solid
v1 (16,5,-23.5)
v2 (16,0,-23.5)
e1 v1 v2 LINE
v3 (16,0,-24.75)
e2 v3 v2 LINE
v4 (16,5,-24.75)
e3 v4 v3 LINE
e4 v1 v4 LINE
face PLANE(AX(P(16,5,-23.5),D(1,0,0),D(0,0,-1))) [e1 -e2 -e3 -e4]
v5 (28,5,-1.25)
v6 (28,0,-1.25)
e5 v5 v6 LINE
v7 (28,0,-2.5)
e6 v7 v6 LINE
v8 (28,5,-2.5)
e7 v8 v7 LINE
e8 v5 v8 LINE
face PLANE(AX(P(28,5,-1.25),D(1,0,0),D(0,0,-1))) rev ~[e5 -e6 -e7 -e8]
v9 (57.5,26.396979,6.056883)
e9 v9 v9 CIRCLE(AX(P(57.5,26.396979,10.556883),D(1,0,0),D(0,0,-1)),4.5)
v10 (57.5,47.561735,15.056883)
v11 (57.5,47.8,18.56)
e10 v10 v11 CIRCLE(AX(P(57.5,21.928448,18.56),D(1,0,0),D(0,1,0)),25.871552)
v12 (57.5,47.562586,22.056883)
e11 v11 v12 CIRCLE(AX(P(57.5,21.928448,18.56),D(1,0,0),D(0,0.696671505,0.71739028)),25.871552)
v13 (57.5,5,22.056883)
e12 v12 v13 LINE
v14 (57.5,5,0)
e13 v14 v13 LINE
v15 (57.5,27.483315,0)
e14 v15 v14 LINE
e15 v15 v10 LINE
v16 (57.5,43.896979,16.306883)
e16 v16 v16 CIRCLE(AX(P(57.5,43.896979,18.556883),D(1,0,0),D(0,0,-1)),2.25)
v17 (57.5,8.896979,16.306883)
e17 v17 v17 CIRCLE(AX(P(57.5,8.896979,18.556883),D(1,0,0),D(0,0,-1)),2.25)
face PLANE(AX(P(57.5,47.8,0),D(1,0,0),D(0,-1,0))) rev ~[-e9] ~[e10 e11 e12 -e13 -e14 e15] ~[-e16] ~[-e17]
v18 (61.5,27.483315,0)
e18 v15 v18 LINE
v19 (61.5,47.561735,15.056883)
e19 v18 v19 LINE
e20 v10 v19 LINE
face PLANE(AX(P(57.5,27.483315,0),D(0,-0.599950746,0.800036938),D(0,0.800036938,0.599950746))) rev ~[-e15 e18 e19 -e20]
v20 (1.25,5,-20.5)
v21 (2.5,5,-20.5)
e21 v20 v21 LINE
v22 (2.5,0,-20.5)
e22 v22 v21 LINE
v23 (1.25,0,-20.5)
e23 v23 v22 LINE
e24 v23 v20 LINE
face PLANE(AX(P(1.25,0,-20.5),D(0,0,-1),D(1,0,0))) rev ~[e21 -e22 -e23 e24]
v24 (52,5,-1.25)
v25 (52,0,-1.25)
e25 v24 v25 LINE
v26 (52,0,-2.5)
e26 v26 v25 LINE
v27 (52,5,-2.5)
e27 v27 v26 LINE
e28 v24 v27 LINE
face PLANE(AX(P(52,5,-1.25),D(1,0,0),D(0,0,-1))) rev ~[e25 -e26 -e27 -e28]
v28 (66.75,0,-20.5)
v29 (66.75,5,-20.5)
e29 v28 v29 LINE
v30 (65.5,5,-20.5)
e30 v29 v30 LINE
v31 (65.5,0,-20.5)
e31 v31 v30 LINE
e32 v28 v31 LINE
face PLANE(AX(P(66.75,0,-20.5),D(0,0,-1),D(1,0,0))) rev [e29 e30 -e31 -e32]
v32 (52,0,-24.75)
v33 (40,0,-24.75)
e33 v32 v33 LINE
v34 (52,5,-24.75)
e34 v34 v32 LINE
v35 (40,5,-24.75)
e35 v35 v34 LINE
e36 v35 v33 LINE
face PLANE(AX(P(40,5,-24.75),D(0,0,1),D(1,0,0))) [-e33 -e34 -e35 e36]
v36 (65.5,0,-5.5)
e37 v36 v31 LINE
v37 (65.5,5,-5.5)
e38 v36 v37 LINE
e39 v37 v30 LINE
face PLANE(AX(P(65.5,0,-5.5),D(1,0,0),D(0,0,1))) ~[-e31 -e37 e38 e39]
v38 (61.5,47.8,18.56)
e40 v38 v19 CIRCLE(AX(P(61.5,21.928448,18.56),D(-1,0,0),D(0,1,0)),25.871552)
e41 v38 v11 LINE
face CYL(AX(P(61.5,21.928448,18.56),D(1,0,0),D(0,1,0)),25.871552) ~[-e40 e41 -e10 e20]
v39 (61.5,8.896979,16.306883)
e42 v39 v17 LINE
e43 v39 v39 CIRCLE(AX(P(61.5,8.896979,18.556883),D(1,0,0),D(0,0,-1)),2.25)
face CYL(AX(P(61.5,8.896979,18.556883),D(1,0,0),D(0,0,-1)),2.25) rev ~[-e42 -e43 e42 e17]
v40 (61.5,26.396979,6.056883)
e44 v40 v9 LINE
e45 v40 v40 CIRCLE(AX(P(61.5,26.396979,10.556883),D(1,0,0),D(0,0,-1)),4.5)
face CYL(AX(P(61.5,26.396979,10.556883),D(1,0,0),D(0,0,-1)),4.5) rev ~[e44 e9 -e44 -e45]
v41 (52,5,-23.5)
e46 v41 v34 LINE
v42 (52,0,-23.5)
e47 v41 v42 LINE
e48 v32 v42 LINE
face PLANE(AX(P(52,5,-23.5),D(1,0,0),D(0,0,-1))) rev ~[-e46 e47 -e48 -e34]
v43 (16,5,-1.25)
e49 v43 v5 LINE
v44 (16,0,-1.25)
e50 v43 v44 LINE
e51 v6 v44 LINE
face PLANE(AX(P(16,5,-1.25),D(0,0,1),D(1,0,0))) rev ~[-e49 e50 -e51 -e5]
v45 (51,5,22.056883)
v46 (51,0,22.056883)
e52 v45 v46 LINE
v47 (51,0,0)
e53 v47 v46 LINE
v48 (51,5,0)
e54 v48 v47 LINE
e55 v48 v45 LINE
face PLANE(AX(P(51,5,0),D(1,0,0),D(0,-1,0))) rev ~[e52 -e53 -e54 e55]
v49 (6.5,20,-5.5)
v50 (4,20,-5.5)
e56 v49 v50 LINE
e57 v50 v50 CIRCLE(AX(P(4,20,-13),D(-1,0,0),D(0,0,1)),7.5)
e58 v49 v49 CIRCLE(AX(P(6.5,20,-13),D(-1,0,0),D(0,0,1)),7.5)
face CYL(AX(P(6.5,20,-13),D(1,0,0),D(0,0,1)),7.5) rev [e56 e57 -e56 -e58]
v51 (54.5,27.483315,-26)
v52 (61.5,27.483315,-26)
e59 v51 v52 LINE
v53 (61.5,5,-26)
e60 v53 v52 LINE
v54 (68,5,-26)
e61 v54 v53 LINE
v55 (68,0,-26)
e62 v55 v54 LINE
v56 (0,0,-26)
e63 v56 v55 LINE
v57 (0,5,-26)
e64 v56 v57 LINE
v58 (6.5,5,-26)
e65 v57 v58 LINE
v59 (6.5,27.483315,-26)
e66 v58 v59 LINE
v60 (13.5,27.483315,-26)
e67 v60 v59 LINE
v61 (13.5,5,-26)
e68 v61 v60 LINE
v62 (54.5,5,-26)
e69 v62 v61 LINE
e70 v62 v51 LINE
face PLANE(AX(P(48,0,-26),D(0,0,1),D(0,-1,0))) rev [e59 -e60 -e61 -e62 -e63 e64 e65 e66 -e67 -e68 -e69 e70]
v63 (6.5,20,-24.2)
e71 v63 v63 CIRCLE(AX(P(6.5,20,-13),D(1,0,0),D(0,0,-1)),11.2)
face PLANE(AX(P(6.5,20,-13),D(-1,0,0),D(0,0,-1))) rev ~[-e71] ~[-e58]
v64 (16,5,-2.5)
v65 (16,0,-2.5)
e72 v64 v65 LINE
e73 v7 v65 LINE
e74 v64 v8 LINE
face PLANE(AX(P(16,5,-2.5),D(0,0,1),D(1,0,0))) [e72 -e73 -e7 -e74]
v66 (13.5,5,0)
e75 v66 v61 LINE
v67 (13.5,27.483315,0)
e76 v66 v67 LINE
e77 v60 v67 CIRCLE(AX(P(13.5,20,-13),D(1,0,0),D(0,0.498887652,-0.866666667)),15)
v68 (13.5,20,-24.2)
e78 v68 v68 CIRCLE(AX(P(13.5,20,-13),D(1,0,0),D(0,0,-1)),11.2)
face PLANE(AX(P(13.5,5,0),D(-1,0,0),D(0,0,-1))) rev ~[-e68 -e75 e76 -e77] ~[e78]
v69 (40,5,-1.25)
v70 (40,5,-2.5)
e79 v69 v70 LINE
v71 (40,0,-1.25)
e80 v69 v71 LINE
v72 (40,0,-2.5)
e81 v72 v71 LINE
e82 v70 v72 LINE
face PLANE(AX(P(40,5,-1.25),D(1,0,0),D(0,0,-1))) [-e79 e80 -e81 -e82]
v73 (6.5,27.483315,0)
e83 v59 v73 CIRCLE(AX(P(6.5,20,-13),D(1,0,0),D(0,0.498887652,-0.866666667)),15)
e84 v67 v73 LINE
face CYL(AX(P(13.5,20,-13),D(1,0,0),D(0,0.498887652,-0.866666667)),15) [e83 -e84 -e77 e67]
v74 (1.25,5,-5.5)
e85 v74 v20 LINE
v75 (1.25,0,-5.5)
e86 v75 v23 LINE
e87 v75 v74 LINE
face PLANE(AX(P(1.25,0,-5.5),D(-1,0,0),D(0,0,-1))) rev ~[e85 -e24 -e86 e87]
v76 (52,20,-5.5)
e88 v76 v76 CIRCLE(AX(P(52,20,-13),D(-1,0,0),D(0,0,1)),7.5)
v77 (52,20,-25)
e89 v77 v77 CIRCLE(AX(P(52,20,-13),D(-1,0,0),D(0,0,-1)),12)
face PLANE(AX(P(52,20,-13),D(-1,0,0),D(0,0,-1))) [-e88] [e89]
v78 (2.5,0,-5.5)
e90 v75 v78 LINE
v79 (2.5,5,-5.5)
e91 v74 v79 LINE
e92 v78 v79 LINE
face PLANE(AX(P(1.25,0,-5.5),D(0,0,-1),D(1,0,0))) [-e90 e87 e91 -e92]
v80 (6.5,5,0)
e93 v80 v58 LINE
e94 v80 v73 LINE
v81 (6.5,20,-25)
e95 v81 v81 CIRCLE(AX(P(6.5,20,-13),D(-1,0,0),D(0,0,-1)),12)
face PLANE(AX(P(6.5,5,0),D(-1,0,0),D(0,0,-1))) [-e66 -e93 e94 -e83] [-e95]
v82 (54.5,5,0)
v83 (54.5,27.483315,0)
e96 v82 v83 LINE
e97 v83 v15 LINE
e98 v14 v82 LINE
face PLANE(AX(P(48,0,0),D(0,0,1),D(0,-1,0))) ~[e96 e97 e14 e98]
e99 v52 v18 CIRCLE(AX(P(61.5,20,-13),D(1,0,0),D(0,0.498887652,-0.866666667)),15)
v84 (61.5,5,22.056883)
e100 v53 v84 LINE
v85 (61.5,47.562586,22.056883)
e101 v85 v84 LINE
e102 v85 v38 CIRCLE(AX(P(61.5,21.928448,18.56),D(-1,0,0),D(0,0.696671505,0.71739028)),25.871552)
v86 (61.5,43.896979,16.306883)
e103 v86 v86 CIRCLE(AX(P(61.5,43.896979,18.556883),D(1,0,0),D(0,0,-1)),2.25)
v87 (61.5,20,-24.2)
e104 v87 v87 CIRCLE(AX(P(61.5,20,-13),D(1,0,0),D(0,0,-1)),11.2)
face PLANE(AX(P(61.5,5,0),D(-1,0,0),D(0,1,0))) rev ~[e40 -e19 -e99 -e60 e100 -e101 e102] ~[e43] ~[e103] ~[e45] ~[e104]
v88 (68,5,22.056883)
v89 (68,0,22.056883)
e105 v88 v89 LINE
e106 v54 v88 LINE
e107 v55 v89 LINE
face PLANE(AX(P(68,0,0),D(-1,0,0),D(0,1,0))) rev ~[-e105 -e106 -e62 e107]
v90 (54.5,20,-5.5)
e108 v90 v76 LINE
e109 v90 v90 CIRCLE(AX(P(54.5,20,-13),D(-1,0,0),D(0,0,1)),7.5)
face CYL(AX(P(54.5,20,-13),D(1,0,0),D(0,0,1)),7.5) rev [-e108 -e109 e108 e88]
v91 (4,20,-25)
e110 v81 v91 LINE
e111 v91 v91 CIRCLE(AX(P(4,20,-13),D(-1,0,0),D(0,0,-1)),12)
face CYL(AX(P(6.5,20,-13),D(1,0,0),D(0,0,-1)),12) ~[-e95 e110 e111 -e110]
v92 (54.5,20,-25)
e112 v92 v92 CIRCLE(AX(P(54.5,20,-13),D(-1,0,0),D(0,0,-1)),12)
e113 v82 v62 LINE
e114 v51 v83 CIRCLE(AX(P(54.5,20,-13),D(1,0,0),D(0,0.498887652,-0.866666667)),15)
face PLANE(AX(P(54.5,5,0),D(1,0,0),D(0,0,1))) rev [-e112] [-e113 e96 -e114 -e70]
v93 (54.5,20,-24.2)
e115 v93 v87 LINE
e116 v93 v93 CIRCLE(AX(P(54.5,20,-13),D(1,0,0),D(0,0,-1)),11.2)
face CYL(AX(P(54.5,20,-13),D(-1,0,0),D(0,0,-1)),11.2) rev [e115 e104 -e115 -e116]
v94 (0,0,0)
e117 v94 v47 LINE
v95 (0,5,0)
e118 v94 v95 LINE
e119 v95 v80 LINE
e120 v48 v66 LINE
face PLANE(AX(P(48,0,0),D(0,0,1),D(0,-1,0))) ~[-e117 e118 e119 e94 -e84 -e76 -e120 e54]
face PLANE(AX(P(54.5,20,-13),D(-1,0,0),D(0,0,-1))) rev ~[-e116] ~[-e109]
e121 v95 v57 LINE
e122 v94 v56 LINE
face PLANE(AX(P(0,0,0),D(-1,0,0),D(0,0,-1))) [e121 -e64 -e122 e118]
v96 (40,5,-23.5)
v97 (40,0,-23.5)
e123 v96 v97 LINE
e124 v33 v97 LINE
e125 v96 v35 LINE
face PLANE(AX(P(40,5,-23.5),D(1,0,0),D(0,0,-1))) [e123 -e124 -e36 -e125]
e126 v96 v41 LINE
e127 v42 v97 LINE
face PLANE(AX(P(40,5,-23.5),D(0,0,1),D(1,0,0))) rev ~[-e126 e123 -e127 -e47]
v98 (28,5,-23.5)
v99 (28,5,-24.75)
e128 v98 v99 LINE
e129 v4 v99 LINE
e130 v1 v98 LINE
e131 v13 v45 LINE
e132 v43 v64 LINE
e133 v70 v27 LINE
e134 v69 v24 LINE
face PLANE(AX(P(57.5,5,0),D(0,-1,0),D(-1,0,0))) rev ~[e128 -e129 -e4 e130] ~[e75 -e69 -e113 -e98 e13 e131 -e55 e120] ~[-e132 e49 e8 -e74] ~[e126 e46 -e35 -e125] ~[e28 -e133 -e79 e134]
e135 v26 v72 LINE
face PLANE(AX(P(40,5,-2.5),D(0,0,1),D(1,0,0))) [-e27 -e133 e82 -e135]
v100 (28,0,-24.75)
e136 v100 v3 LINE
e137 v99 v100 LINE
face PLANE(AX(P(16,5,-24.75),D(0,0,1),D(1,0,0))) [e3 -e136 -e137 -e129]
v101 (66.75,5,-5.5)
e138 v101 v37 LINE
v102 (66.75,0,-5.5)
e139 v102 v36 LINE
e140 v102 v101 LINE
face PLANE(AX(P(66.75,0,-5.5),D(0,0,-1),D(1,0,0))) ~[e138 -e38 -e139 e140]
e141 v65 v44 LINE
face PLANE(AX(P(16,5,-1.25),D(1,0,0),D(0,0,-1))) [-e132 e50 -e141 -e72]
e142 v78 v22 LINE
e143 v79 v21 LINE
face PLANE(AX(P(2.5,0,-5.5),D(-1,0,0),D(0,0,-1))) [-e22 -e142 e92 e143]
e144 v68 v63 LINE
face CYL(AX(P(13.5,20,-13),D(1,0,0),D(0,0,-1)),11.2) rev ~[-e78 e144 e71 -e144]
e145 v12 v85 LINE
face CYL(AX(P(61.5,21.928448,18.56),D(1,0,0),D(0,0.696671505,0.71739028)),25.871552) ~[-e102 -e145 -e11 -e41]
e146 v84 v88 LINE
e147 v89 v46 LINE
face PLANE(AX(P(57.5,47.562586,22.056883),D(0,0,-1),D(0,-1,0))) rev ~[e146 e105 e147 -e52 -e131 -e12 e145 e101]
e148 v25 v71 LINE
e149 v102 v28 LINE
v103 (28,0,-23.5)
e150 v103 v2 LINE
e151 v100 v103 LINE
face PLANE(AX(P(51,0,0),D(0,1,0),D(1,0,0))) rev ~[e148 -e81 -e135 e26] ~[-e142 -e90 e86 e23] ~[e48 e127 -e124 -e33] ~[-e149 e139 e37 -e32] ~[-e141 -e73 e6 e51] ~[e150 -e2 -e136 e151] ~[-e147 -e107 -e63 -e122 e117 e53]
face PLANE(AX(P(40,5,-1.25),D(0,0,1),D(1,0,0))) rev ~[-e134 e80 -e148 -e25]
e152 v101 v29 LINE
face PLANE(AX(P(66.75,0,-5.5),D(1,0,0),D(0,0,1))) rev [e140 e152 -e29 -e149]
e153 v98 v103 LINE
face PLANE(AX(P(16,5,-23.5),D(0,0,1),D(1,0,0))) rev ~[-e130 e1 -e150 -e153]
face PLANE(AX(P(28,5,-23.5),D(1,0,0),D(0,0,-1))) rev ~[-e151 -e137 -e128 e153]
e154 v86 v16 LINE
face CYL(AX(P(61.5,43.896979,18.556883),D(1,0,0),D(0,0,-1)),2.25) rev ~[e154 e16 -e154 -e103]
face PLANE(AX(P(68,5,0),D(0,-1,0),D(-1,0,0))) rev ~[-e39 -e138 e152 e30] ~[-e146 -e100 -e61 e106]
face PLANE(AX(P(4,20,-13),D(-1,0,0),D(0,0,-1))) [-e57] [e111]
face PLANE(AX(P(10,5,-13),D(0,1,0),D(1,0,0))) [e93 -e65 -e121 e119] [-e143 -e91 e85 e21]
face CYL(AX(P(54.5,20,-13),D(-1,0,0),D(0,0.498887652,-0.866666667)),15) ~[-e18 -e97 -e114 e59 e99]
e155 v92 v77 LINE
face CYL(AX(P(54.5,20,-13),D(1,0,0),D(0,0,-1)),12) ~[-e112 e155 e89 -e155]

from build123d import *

# Parameters (mm, degrees)
SKETCH1_W                      = 20
SKETCH1_H                      = 26
SKETCH1_W_2                    = 1.25
SKETCH1_H_2                    = 15
BOSS_EXTRUDE5_DEPTH            = 5
SKETCH3_W                      = 7
SKETCH3_H                      = 26
BOSS_EXTRUDE6_DEPTH            = 40
CUT_EXTRUDE1_REACH             = 55.696
SKETCH5_R                      = 11.2
SKETCH6_W                      = 26
SKETCH6_H                      = 5
BOSS_EXTRUDE8_DEPTH            = 14
SKETCH8_R                      = 12
SKETCH8_R_2                    = 7.5
BOSS_EXTRUDE9_DEPTH            = 2.5
SKETCH9_R                      = 12
SKETCH9_R_2                    = 7.5
BOSS_EXTRUDE10_DEPTH           = 2.5
SKETCH7_W                      = 12
SKETCH7_H                      = 1.25
CUT_EXTRUDE2_DEPTH             = 10
BOSS_EXTRUDE11_DEPTH           = 37.12
SKETCH14_R                     = 2.25
SKETCH14_R_2                   = 4.5
CUT_EXTRUDE4_DEPTH             = 10
CUT_EXTRUDE5_REACH             = 85.48
CUT_EXTRUDE5_DIRECTION_2_REACH = 85.48


with BuildPart() as part:
    # Sketch1 → Boss-Extrude5 (new body)
    with BuildSketch(Plane(origin=(0, 0, 0), x_dir=(1, 0, 0), z_dir=(0, 1, 0))):
        with Locations((10, 13)):
            Rectangle(SKETCH1_W, SKETCH1_H)
        with Locations((1.875, 13)):
            Rectangle(SKETCH1_W_2, SKETCH1_H_2, mode=Mode.SUBTRACT)
    boss_extrude5 = extrude(amount=BOSS_EXTRUDE5_DEPTH)

    # Sketch3 → Boss-Extrude6 (add)
    with BuildSketch(Plane(origin=(0, 5, 0), x_dir=(1, 0, 0), z_dir=(0, 1, 0))):
        with Locations((10, 13)):
            Rectangle(SKETCH3_W, SKETCH3_H)
    boss_extrude6 = extrude(amount=BOSS_EXTRUDE6_DEPTH)

    # Sketch5 → Cut-Extrude1 (cut, up to next)
    with BuildSketch(Plane(origin=(13.5, 0, 0), x_dir=(0, 0, -1), z_dir=(1, 0, 0)), mode=Mode.PRIVATE) as cut_extrude1_sk1:
        with Locations((13, 20)):
            Circle(SKETCH5_R)
    cut_extrude1_tool1 = extrude(cut_extrude1_sk1.sketch, amount=-CUT_EXTRUDE1_REACH, mode=Mode.PRIVATE) & part.part
    # Sketch5 → Cut-Extrude1 (cut, up to next)
    with BuildSketch(Plane(origin=(13.5, 0, 0), x_dir=(0, 0, -1), z_dir=(1, 0, 0)), mode=Mode.PRIVATE) as cut_extrude1_sk2:
        with BuildLine():
            Line((0, 27.483314774), (0, 45))
            Line((0, 45), (26, 45))
            Line((26, 45), (26, 27.483314774))
            ThreePointArc((26, 27.483314774), (13, 35), (0, 27.483314774))
        make_face()
    cut_extrude1_tool2 = extrude(cut_extrude1_sk2.sketch, amount=-CUT_EXTRUDE1_REACH, mode=Mode.PRIVATE) & part.part
    cut_extrude1_1 = cut_extrude1_tool1.solids().sort_by_distance((13.5, 20, -13))[0]
    add(cut_extrude1_1, mode=Mode.SUBTRACT)
    cut_extrude1_2 = cut_extrude1_tool2.solids().sort_by_distance((13.5, 38.725293, -13))[0]
    add(cut_extrude1_2, mode=Mode.SUBTRACT)
    cut_extrude1 = cut_extrude1_1 + cut_extrude1_2  # Cut-Extrude1 as one shape, for the pattern or mirror that repeats it

    # Sketch6 → Boss-Extrude8 (add)
    with BuildSketch(Plane(origin=(20, 0, 0), x_dir=(0, 0, -1), z_dir=(1, 0, 0))):
        with Locations((13, 2.5)):
            Rectangle(SKETCH6_W, SKETCH6_H)
    boss_extrude8 = extrude(amount=BOSS_EXTRUDE8_DEPTH)

    # Mirror5: Boss-Extrude5, Boss-Extrude6, Cut-Extrude1, Boss-Extrude8 across plane
    add(boss_extrude5.mirror(Plane.ZY.offset(-34)))
    add(boss_extrude6.mirror(Plane.ZY.offset(-34)))
    add(cut_extrude1.mirror(Plane.ZY.offset(-34)), mode=Mode.SUBTRACT)
    add(boss_extrude8.mirror(Plane.ZY.offset(-34)))

    # Sketch8 → Boss-Extrude9 (add)
    with BuildSketch(Plane.ZY.offset(-6.5)):
        with Locations(Location((-13, 20, 0), (0, 0, 180))):
            Circle(SKETCH8_R)
        with Locations((-13, 20)):
            Circle(SKETCH8_R_2, mode=Mode.SUBTRACT)
    extrude(amount=BOSS_EXTRUDE9_DEPTH)

    # Sketch9 → Boss-Extrude10 (add)
    with BuildSketch(Plane.ZY.offset(-54.5)):
        with Locations(Location((-13, 20, 0), (0, 0, 180))):
            Circle(SKETCH9_R)
        with Locations((-13, 20)):
            Circle(SKETCH9_R_2, mode=Mode.SUBTRACT)
    extrude(amount=BOSS_EXTRUDE10_DEPTH)

    # Sketch7 → Cut-Extrude2 (cut)
    with BuildSketch(Plane(origin=(0, 5, 0), x_dir=(1, 0, 0), z_dir=(0, 1, 0))):
        with Locations((22, 1.875)):
            Rectangle(SKETCH7_W, SKETCH7_H)
        with Locations((46, 1.875)):
            Rectangle(SKETCH7_W, SKETCH7_H)
        with Locations((46, 24.125)):
            Rectangle(SKETCH7_W, SKETCH7_H)
        with Locations((22, 24.125)):
            Rectangle(SKETCH7_W, SKETCH7_H)
    extrude(amount=-CUT_EXTRUDE2_DEPTH, mode=Mode.SUBTRACT)

    # Sketch10 → Boss-Extrude11 (add)
    with BuildSketch(Plane.XY):
        Polygon((51, 0), (68, 0), (68, 5), (61.5, 5), (61.5, 47.8), (57.5, 47.8), (57.5, 5), (51, 5), align=None)
    extrude(amount=BOSS_EXTRUDE11_DEPTH)

    # Sketch14 → Cut-Extrude4 (cut)
    with BuildSketch(Plane(origin=(61.5, 0, 0), x_dir=(0, 0, -1), z_dir=(1, 0, 0))):
        Polygon((-37.12, 51.83243557), (-37.12, 47.8), (-18.56, 47.8), (0, 47.8), (0, 51.83243557), align=None)
        with BuildLine():
            Line((0, 47.8), (-18.56, 47.8))
            ThreePointArc((-18.56, 47.8), (-8.484558377, 45.75747818), (0, 39.952421039))
            Line((0, 39.952421039), (0, 47.8))
        make_face()
        with BuildLine():
            Line((-37.12, 47.8), (-37.12, 39.952421039))
            ThreePointArc((-37.12, 39.952421039), (-28.635441623, 45.75747818), (-18.56, 47.8))
            Line((-18.56, 47.8), (-37.12, 47.8))
        make_face()
        with Locations((-18.556883399, 43.896979327)):
            Circle(SKETCH14_R)
        with Locations((-10.556883399, 26.396979327)):
            Circle(SKETCH14_R_2)
        with Locations((-18.556883399, 8.896979327)):
            Circle(SKETCH14_R)
    extrude(amount=-CUT_EXTRUDE4_DEPTH, mode=Mode.SUBTRACT)

    # Cut-Extrude5: up to this face of the body (flat: up to its plane)
    cut_extrude5_end = Plane(part.part.faces().sort_by_distance((68, 2.5, 5.56))[0])
    # Sketch15 → Cut-Extrude5 (cut, up to the picked face)
    with BuildSketch(Plane.ZY.offset(-57.5), mode=Mode.PRIVATE) as cut_extrude5_sk1:
        with BuildLine():
            Line((37.12, 0), (37.12, 5))
            Line((37.12, 5), (37.12, 39.952421039))
            ThreePointArc((37.12, 39.952421039), (30.226412362, 45.020265293), (22.056883399, 47.562585579))
            Line((22.056883399, 47.562585579), (22.056883399, 0))
            Line((22.056883399, 0), (37.12, 0))
        make_face()
    cut_extrude5_tool1 = split(extrude(cut_extrude5_sk1.sketch, amount=-CUT_EXTRUDE5_REACH, mode=Mode.PRIVATE), bisect_by=cut_extrude5_end, keep=Keep.BOTH, mode=Mode.PRIVATE)
    # Sketch15 → Cut-Extrude5 (cut, up to the picked face)
    with BuildSketch(Plane.ZY.offset(-57.5), mode=Mode.PRIVATE) as cut_extrude5_sk2:
        with BuildLine():
            Line((0, 39.952421039), (0, 27.483314774))
            Line((0, 27.483314774), (15.056883399, 47.561734504))
            ThreePointArc((15.056883399, 47.561734504), (6.890780172, 45.018846696), (0, 39.952421039))
        make_face()
    cut_extrude5_tool2 = split(extrude(cut_extrude5_sk2.sketch, amount=-CUT_EXTRUDE5_REACH, mode=Mode.PRIVATE), bisect_by=cut_extrude5_end, keep=Keep.BOTH, mode=Mode.PRIVATE)
    add(cut_extrude5_tool1.solids().sort_by(Axis((57.5, 22.463316, 29.381371), (1, 0, 0)))[0], mode=Mode.SUBTRACT)
    add(cut_extrude5_tool2.solids().sort_by(Axis((57.5, 39.195611, 5.346979), (1, 0, 0)))[0], mode=Mode.SUBTRACT)

    # Cut-Extrude5 direction 2: up to this face of the body (flat: up to its plane)
    cut_extrude5_direction_2_end = Plane(part.part.faces().sort_by_distance((51, 2.5, 18.56))[0])
    # Sketch15 → Cut-Extrude5 direction 2 (cut, up to the picked face)
    with BuildSketch(Plane.ZY.offset(-57.5), mode=Mode.PRIVATE) as cut_extrude5_direction_2_sk1:
        with BuildLine():
            Line((37.12, 0), (37.12, 5))
            Line((37.12, 5), (37.12, 39.952421039))
            ThreePointArc((37.12, 39.952421039), (30.226412362, 45.020265293), (22.056883399, 47.562585579))
            Line((22.056883399, 47.562585579), (22.056883399, 0))
            Line((22.056883399, 0), (37.12, 0))
        make_face()
    cut_extrude5_direction_2_tool1 = split(extrude(cut_extrude5_direction_2_sk1.sketch, amount=CUT_EXTRUDE5_DIRECTION_2_REACH, mode=Mode.PRIVATE), bisect_by=cut_extrude5_direction_2_end, keep=Keep.BOTH, mode=Mode.PRIVATE)
    # Sketch15 → Cut-Extrude5 direction 2 (cut, up to the picked face)
    with BuildSketch(Plane.ZY.offset(-57.5), mode=Mode.PRIVATE) as cut_extrude5_direction_2_sk2:
        with BuildLine():
            Line((0, 39.952421039), (0, 27.483314774))
            Line((0, 27.483314774), (15.056883399, 47.561734504))
            ThreePointArc((15.056883399, 47.561734504), (6.890780172, 45.018846696), (0, 39.952421039))
        make_face()
    cut_extrude5_direction_2_tool2 = split(extrude(cut_extrude5_direction_2_sk2.sketch, amount=CUT_EXTRUDE5_DIRECTION_2_REACH, mode=Mode.PRIVATE), bisect_by=cut_extrude5_direction_2_end, keep=Keep.BOTH, mode=Mode.PRIVATE)
    add(cut_extrude5_direction_2_tool1.solids().sort_by(Axis((57.5, 22.463316, 29.381371), (-1, 0, 0)))[0], mode=Mode.SUBTRACT)
    add(cut_extrude5_direction_2_tool2.solids().sort_by(Axis((57.5, 39.195611, 5.346979), (-1, 0, 0)))[0], mode=Mode.SUBTRACT)


solid = part.part
